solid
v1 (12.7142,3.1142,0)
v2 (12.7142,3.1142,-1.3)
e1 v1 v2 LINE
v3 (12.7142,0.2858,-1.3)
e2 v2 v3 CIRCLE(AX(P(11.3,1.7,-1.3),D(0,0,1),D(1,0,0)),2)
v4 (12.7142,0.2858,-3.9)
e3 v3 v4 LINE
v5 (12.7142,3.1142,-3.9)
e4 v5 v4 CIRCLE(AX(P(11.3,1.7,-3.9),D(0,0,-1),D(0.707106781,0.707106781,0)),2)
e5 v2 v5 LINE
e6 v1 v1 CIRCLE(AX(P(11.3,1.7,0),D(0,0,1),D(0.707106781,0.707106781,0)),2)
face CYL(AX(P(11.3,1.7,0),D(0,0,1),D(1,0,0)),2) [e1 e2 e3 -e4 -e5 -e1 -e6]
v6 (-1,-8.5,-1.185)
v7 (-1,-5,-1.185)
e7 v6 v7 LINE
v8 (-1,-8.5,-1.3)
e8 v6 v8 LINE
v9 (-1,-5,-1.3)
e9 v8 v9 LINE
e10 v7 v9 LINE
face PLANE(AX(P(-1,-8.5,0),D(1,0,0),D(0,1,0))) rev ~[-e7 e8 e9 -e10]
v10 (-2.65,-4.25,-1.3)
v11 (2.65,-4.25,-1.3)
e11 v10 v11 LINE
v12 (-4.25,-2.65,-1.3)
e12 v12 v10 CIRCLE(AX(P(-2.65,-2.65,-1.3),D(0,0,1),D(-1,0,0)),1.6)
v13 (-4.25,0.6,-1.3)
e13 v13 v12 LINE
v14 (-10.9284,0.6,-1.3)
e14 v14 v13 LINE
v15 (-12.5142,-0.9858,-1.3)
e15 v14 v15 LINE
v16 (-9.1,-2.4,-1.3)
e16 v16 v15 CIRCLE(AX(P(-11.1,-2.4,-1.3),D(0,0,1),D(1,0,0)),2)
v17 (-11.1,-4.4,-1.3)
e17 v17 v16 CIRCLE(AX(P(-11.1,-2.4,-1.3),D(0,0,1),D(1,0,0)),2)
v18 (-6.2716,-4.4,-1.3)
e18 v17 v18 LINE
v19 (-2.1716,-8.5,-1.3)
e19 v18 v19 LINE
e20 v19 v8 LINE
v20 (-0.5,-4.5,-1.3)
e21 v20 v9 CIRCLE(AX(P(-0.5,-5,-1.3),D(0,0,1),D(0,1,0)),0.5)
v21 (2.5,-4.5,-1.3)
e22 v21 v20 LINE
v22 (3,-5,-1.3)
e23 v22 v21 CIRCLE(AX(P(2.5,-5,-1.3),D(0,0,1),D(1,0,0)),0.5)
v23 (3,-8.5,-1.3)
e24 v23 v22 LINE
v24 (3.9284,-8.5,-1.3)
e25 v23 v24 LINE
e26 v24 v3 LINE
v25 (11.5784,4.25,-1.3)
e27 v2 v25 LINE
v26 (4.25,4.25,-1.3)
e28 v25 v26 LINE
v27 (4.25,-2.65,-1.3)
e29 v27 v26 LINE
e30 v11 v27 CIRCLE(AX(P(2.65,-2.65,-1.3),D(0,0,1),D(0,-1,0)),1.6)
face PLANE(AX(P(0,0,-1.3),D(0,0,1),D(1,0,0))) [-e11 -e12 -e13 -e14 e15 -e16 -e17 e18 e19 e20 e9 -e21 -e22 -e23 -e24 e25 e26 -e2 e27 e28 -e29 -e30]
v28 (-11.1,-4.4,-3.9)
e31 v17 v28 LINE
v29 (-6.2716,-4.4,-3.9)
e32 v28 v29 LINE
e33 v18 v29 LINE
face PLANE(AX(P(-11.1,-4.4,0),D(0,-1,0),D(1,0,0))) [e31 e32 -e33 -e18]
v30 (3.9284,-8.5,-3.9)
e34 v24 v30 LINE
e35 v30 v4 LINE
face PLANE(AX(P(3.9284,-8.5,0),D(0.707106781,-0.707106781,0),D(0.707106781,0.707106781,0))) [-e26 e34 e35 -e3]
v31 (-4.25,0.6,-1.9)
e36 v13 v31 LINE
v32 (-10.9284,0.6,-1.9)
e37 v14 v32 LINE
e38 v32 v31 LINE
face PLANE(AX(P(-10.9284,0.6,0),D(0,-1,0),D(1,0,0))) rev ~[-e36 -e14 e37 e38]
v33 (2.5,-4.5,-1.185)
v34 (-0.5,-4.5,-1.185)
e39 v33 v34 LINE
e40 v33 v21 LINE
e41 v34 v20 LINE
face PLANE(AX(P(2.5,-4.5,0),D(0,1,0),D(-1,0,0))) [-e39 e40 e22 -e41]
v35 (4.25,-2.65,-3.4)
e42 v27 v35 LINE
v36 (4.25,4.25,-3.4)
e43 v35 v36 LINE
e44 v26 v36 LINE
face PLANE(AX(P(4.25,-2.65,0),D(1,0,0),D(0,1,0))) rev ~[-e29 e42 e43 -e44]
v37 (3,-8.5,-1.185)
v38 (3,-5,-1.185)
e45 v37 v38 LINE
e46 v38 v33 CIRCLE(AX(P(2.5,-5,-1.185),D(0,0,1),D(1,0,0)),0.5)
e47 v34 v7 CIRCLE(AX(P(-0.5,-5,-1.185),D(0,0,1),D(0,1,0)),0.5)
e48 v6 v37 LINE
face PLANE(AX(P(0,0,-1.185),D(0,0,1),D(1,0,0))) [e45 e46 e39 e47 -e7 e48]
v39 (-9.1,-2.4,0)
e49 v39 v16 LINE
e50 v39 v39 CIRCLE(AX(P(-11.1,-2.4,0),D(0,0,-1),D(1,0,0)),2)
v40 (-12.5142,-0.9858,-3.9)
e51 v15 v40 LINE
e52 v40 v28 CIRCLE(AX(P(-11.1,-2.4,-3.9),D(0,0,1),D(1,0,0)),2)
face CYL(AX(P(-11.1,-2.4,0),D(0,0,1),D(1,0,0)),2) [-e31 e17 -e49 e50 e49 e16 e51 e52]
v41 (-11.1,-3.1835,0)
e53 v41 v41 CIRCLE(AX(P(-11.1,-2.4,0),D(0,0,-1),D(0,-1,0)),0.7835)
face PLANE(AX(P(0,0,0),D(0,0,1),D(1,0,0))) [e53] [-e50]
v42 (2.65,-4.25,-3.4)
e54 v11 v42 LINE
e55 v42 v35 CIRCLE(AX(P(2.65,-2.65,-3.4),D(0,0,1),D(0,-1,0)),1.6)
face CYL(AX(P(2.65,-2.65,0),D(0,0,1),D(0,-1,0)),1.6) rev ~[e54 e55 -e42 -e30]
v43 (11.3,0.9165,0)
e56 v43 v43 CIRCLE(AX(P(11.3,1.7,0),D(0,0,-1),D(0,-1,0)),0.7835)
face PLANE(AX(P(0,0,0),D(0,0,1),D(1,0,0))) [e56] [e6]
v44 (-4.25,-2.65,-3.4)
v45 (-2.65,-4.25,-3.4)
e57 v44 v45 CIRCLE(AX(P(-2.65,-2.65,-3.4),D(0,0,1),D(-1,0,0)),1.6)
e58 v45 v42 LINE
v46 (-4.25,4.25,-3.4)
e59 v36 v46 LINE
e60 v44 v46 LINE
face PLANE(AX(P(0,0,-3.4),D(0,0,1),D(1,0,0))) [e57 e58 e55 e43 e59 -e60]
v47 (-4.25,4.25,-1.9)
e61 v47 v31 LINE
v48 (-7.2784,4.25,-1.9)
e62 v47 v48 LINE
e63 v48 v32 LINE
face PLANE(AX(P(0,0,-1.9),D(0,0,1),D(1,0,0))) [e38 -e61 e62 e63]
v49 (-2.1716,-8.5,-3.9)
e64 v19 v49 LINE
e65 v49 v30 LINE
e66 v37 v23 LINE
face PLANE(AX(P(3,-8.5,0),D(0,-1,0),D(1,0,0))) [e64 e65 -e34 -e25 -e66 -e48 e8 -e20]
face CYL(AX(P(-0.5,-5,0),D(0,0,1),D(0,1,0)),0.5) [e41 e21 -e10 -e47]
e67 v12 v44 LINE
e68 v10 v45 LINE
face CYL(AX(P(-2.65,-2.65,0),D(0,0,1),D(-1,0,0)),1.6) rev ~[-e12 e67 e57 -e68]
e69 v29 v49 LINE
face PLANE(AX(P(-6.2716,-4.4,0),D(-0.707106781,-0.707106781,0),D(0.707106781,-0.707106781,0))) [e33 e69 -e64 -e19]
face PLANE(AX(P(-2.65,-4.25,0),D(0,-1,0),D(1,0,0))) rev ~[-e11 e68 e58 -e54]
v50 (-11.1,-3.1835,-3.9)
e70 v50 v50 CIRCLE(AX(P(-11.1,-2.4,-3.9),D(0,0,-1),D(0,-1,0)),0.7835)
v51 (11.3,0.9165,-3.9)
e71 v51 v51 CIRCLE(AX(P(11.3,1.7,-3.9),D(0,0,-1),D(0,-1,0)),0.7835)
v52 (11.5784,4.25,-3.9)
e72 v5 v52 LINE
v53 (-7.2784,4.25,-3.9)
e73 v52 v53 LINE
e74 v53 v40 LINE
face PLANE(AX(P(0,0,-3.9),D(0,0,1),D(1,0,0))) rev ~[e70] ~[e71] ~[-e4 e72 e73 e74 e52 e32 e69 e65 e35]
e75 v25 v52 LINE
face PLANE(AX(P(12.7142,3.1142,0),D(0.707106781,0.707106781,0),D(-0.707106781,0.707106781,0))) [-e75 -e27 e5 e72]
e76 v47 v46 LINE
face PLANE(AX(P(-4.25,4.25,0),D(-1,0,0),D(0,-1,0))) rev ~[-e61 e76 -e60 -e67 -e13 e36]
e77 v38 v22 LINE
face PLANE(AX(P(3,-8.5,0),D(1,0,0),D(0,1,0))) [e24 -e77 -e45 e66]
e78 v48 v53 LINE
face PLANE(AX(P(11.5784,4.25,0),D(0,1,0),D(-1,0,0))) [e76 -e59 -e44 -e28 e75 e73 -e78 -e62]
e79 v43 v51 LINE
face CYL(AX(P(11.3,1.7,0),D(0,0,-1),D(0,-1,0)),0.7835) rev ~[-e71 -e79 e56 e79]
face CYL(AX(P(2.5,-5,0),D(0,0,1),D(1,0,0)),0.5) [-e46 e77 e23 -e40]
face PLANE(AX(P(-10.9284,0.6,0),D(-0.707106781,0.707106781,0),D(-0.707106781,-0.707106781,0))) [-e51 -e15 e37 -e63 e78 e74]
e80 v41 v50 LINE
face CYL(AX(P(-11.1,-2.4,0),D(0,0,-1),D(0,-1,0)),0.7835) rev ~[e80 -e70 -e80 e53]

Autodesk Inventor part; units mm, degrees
ref_plane "YZ Plane" through (0, 0, 0) normal (1, 0, 0) x (0, 1, 0)
ref_plane "XZ Plane" through (0, 0, 0) normal (0, 1, 0) x (-1, 0, 0)
ref_plane "XY Plane" through (0, 0, 0) normal (0, 0, 1) x (1, 0, 0)
sketch "Sketch1" plane through (0, 0, 0) normal (0, 0, 1) x (1, 0, 0)
  line L0 (3.75, -3.75) -> (-3.75, -3.75) construction
  line L1 (-3.75, -3.75) -> (-3.75, 3.75) construction
  line L2 (-3.75, 3.75) -> (3.75, 3.75) construction
  line L3 (3.75, 3.75) -> (3.75, -3.75) construction
  line L4 (3.75, -3.75) -> (-3.75, 3.75) construction
  line L5 (-3.75, -3.75) -> (3.75, 3.75) construction
  line L6 (-6.9, -3.15) -> (-4.9, -3.15) construction
  line L7 (-4.9, -3.15) -> (-4.9, -1.15) construction
  line L8 (-4.9, -1.15) -> (-6.9, -1.15) construction
  line L9 (-6.9, -1.15) -> (-6.9, -3.15) construction
  line L10 (-6.9, -3.15) -> (-4.9, -1.15) construction
  line L11 (-4.9, -3.15) -> (-6.9, -1.15) construction
  line L12 (-0.5, -8) -> (2.5, -8) construction
  line L13 (2.5, -8) -> (2.5, -5) construction
  line L14 (2.5, -5) -> (-0.5, -5) construction
  line L15 (-0.5, -5) -> (-0.5, -8) construction
  line L16 (-0.5, -8) -> (2.5, -5) construction
  line L17 (2.5, -8) -> (-0.5, -5) construction
  circle A0 centre (-11.1, -2.4) radius 1.1
  circle A1 centre (-11.1, -2.4) radius 2
  circle A2 centre (11.3, 1.7) radius 1.1
  circle A3 centre (11.3, 1.7) radius 2
  line L18 (-2.1716, -8.5) -> (3.9284, -8.5)
  line L19 (3.9284, -8.5) -> (12.7142, 0.2858)
  line L20 (12.7142, 3.1142) -> (11.5784, 4.25)
  line L21 (11.5784, 4.25) -> (-7.2784, 4.25)
  line L22 (-7.2784, 4.25) -> (-12.5142, -0.9858)
  line L23 (-12, -7.9) -> (-9, -7.9) construction
  line L24 (-9, -7.9) -> (-9, -4.9) construction
  line L25 (-9, -4.9) -> (-12, -4.9) construction
  line L26 (-12, -4.9) -> (-12, -7.9) construction
  line L27 (-12, -7.9) -> (-9, -4.9) construction
  line L28 (-9, -7.9) -> (-12, -4.9) construction
  line L29 (-11.1, -4.4) -> (-6.2716, -4.4)
  line L30 (-6.2716, -4.4) -> (-2.1716, -8.5)
  line L31 (-4.25, 4.25) -> (-4.25, -2.65)
  arc A4 (-4.25, -2.65) -> (-2.65, -4.25) centre (-2.65, -2.65) ccw
  line L32 (-2.65, -4.25) -> (2.65, -4.25)
  arc A5 (2.65, -4.25) -> (4.25, -2.65) centre (2.65, -2.65) ccw
  line L33 (4.25, -2.65) -> (4.25, 4.25)
  line L34 (-10.9284, 0.6) -> (-4.25, 0.6)
  line L35 (3, -8.5) -> (3, -5)
  arc A6 (3, -5) -> (2.5, -4.5) centre (2.5, -5) ccw
  line L36 (-1, -8.5) -> (-1, -5)
  line L37 (2.5, -4.5) -> (-0.5, -4.5)
  arc A7 (-0.5, -4.5) -> (-1, -5) centre (-0.5, -5) ccw
  point P0 (0, 0)
  point P1 (-5.9, -2.15)
  point P2 (1, -6.5)
  point P3 (-10.5, -6.4)
  dimension "d0" = 6.5
  dimension "d1" = 1
  dimension "d2" = 5.9
  dimension "d3" = 2.15
  dimension "d4" = 7.5
  dimension "d5" = 3
  dimension "d6" = 2
  dimension "d7" = 2.2
  dimension "d8" = 4
  dimension "d9" = 11.1
  dimension "d10" = 2.4
  dimension "d11" = 11.3
  dimension "d12" = 1.7
  dimension "d16" = 0.5
  dimension "d17" = 0.5
  dimension "d20" = 10.5
  dimension "d21" = 6.4
  dimension "d22" = 3
  dimension "d23" = 135
  dimension "d24" = 1.6
  dimension "d25" = 0.5
  dimension "d28" = 3
extrude "Extrusion1" add sketch "Sketch1" against normal blind 3.9 contours A0 | A1 | A1 L22 L34 L31 A4 L32 A5 L33 L21 L20 A3 L19 L18 L35 A6 L37 A7 L36 L30 L29 | L22 L21 L31 L34 | L31 L21 L33 A5 L32 A4 | L36 A7 L37 A6 L35 L18 | A3 | A2
extrude "Extrusion2" cut sketch "Sketch1" against normal blind 3.4 contours L31 L21 L33 A5 L32 A4
extrude "Extrusion3" cut sketch "Sketch1" against normal blind 1.9 contours L22 L21 L31 L34
extrude "Extrusion4" cut sketch "Sketch1" against normal blind 1.3 contours A1 L22 L34 L31 A4 L32 A5 L33 L21 L20 A3 L19 L18 L35 A6 L37 A7 L36 L30 L29
extrude "Extrusion5" cut sketch "Sketch1" against normal blind 1.185 contours L36 A7 L37 A6 L35 L18
hole "Hole1" at (-11.1, -2.4, 0) at (11.3, 1.7, 0) direction (0, 0, -1) diameter 1.567 end through all thread size "M2x0.4" class "6H" standard "ANSI Metric M Profile"
equation "\"d17\" = d16"
properties part number "EPS_RegulatorHeatsink" material "Copper"
